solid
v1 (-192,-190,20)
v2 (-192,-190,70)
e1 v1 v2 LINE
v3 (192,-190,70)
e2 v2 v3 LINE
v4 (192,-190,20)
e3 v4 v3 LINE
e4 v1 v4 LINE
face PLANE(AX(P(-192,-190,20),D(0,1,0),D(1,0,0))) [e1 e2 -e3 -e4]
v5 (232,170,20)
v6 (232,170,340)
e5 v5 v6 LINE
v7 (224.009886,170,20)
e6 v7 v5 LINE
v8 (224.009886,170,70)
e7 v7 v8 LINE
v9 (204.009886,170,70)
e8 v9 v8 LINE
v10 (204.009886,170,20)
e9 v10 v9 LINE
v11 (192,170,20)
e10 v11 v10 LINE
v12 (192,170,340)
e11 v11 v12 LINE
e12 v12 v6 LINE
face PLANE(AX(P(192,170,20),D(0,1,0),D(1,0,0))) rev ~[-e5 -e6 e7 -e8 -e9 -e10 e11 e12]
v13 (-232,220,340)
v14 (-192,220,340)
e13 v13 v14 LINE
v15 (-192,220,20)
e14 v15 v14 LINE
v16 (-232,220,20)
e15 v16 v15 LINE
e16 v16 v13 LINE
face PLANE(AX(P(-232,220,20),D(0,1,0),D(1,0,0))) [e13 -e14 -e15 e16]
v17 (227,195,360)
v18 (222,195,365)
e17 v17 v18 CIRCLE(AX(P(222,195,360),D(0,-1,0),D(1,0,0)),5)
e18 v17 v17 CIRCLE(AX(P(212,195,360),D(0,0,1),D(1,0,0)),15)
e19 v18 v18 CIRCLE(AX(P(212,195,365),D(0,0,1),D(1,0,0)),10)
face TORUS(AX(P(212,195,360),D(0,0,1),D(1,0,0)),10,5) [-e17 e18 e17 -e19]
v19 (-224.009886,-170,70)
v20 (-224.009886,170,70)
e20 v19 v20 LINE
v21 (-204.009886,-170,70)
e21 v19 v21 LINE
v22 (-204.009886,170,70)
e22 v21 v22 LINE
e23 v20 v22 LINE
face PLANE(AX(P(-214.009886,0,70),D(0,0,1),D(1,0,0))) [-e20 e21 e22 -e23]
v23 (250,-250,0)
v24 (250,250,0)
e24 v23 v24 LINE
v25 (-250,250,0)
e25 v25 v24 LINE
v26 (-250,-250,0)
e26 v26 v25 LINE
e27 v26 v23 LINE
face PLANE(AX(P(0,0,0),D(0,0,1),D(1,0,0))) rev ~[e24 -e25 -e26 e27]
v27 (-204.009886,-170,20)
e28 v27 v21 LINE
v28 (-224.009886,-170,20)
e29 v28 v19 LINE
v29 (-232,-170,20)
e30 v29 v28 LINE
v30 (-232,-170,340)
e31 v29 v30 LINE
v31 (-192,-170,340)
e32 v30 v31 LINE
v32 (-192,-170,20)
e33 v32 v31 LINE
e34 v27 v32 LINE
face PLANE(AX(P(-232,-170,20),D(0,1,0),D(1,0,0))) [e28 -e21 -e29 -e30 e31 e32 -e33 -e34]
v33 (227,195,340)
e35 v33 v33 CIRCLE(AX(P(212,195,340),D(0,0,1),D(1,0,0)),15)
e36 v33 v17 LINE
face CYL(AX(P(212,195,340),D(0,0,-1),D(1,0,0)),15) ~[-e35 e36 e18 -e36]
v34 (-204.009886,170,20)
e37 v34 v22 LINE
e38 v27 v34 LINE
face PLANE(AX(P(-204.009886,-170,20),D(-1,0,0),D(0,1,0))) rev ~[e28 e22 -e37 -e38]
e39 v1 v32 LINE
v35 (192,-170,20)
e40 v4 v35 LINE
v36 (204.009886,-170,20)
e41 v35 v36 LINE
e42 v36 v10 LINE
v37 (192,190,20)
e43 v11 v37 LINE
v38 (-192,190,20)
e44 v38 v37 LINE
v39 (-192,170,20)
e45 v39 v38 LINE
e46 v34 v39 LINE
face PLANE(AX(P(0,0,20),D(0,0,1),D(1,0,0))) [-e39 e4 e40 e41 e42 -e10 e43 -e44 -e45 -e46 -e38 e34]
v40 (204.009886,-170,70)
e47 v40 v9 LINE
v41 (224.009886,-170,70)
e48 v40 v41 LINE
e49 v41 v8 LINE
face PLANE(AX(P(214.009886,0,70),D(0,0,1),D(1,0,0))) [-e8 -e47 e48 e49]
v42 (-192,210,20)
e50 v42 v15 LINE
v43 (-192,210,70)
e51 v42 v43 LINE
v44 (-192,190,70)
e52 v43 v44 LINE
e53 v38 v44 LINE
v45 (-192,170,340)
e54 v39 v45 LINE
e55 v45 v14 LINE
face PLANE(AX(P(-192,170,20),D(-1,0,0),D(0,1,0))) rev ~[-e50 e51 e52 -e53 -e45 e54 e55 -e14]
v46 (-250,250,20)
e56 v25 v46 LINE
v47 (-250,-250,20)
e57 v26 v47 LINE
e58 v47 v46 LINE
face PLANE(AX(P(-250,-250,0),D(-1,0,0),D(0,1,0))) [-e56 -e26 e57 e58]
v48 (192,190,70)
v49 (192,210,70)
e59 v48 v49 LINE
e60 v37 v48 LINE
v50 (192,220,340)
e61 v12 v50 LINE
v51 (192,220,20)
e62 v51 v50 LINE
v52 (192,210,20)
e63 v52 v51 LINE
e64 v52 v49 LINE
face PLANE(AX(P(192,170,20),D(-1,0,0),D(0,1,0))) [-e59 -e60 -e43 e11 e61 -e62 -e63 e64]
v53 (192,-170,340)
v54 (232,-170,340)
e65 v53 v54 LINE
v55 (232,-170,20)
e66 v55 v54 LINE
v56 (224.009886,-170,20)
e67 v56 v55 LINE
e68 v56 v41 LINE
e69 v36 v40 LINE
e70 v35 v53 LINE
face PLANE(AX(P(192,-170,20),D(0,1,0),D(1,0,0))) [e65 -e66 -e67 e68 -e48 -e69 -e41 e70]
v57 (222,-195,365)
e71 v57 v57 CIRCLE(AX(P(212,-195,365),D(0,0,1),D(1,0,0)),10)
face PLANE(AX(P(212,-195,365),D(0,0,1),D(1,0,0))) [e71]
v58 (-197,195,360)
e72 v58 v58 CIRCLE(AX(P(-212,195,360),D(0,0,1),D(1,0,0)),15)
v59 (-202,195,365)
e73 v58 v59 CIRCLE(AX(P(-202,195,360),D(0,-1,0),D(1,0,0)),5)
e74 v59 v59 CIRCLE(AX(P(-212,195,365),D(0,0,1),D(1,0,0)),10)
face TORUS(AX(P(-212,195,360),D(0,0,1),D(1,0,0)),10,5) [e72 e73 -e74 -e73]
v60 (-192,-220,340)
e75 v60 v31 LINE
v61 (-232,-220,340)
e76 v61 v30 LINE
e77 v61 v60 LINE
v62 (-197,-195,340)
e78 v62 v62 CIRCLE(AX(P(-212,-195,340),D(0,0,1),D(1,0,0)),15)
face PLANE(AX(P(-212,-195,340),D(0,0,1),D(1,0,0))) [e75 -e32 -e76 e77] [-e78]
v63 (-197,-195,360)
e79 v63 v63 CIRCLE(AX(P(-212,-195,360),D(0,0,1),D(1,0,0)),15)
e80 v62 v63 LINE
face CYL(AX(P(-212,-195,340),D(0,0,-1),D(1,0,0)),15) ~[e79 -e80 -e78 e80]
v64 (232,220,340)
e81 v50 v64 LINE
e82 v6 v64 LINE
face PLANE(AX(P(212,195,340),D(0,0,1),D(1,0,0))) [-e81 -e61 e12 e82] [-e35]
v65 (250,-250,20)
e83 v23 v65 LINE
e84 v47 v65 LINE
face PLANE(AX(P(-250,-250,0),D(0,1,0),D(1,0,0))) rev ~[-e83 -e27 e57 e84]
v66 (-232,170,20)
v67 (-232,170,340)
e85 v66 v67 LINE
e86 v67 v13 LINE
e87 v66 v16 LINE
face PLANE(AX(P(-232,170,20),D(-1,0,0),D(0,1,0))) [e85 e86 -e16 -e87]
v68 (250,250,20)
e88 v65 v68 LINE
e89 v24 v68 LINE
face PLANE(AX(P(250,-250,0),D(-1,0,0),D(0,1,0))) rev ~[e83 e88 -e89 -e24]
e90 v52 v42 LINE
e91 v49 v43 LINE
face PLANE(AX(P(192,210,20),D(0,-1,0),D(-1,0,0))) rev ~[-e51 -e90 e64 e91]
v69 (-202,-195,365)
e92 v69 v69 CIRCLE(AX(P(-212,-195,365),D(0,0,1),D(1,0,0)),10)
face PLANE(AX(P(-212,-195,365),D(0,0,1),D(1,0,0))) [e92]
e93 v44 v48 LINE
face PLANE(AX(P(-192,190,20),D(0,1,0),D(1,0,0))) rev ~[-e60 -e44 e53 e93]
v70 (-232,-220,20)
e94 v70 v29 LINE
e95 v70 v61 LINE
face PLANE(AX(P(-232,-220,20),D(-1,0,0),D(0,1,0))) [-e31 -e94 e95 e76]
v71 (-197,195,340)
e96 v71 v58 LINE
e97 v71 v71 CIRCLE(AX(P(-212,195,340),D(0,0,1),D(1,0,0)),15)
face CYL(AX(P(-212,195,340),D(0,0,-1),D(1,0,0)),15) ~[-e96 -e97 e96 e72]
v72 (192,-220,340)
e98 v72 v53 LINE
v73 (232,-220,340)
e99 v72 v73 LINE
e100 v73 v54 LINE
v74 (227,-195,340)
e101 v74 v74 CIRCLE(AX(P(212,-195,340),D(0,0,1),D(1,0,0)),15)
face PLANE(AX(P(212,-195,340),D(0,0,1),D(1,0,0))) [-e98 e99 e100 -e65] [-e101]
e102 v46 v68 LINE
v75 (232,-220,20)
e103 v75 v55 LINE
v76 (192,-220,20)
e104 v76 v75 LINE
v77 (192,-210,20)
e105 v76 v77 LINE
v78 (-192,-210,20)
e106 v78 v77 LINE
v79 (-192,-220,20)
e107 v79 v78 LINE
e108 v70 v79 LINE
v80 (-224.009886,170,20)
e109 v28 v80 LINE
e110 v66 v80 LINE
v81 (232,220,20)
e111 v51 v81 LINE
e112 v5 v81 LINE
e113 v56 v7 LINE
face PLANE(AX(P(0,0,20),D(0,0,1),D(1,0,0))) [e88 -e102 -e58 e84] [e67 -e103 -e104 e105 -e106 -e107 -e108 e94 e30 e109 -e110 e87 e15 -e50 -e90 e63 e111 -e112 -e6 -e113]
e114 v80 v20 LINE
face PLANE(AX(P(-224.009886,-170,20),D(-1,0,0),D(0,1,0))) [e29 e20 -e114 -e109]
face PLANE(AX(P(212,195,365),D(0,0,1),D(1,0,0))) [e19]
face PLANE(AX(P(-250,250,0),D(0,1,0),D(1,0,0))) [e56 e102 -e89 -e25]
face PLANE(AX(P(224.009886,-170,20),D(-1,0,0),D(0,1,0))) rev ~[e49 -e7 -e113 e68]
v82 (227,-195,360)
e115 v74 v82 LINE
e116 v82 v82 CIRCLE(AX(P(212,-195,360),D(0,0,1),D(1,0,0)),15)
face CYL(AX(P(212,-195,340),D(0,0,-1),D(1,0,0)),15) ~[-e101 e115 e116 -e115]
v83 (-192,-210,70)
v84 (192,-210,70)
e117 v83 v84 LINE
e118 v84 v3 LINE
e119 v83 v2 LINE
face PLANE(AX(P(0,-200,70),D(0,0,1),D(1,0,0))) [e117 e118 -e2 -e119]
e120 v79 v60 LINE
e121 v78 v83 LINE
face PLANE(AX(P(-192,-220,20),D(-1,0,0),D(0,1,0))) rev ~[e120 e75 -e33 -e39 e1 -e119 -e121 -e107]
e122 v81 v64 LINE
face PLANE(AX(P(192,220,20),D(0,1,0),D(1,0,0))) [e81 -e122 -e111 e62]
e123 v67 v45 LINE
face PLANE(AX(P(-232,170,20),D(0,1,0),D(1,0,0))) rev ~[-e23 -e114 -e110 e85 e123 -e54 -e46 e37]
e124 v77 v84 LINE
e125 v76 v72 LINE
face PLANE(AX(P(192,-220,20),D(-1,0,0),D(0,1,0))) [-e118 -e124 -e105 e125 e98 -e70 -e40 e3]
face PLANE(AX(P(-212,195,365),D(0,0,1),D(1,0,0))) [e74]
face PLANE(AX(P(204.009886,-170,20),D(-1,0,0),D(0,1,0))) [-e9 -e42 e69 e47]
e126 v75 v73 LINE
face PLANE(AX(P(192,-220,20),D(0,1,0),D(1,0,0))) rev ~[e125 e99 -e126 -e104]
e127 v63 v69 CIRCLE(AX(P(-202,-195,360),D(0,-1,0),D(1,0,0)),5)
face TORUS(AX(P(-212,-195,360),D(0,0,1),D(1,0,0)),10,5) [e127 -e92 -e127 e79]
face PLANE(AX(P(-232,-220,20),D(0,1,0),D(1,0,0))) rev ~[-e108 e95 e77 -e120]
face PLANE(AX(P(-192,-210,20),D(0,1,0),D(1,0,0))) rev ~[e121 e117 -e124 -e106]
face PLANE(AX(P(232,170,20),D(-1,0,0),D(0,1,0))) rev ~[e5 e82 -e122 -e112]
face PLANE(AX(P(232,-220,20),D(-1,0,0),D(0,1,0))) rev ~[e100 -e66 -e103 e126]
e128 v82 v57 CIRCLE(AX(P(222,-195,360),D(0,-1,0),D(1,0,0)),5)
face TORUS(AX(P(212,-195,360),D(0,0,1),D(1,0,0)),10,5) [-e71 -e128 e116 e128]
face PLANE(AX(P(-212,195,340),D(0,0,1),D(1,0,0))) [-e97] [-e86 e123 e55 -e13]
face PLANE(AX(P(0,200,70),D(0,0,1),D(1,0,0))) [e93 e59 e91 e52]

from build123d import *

# Parameters (mm, degrees)
F0_W     = 500
F0_H     = 500
F1_DEPTH = 20
F2_W     = 40
F2_H     = 50
F3_DEPTH = 320
F4_W     = 384
F4_H     = 20
F4_W_2   = 20
F4_H_2   = 340
F5_DEPTH = 50
F7_R     = 15
F8_DEPTH = 25
F9_R     = 5


with BuildPart() as f1:
    # F0 (on Top) → F1 (new body)
    with BuildSketch(Plane.XY):
        Rectangle(F0_W, F0_H)
    extrude(amount=F1_DEPTH)

    # F2 (on face) → F3 (join)
    with BuildSketch(Plane.XY.offset(20)):
        with Locations((212, 195)):
            Rectangle(F2_W, F2_H)
        with Locations((-212, -195)):
            Rectangle(F2_W, F2_H)
        with Locations((212, -195)):
            Rectangle(F2_W, F2_H)
        with Locations((-212, 195)):
            Rectangle(F2_W, F2_H)
    extrude(amount=F3_DEPTH)

    # F4 (on face) → F5 (join)
    with BuildSketch(Plane.XY.offset(20)):
        with Locations((0, -200)):
            Rectangle(F4_W, F4_H)
        Polygon((-192, 199.430282), (-192, 190), (192, 190), (192, 195), (192, 210), (-192, 210), align=None)
        with Locations((214.009886, 0)):
            Rectangle(F4_W_2, F4_H_2)
        with Locations((-214.009886, 0)):
            Rectangle(F4_W_2, F4_H_2)
    extrude(amount=F5_DEPTH)

    # F7 (on face) → F8 (join)
    with BuildSketch(Plane.XY.offset(340)):
        with Locations((212, 195)):
            Circle(F7_R)
        with Locations((-212, 195)):
            Circle(F7_R)
        with Locations((212, -195)):
            Circle(F7_R)
        with Locations((-212, -195)):
            Circle(F7_R)
    extrude(amount=F8_DEPTH)

    # F9
    f9_edges = [f1.edges().sort_by_distance(p)[0] for p in [
        (197, 195, 365),
        (197, -195, 365),
        (-227, -195, 365),
        (-227, 195, 365),
    ]]
    fillet(f9_edges, radius=F9_R)


solid = f1.part
